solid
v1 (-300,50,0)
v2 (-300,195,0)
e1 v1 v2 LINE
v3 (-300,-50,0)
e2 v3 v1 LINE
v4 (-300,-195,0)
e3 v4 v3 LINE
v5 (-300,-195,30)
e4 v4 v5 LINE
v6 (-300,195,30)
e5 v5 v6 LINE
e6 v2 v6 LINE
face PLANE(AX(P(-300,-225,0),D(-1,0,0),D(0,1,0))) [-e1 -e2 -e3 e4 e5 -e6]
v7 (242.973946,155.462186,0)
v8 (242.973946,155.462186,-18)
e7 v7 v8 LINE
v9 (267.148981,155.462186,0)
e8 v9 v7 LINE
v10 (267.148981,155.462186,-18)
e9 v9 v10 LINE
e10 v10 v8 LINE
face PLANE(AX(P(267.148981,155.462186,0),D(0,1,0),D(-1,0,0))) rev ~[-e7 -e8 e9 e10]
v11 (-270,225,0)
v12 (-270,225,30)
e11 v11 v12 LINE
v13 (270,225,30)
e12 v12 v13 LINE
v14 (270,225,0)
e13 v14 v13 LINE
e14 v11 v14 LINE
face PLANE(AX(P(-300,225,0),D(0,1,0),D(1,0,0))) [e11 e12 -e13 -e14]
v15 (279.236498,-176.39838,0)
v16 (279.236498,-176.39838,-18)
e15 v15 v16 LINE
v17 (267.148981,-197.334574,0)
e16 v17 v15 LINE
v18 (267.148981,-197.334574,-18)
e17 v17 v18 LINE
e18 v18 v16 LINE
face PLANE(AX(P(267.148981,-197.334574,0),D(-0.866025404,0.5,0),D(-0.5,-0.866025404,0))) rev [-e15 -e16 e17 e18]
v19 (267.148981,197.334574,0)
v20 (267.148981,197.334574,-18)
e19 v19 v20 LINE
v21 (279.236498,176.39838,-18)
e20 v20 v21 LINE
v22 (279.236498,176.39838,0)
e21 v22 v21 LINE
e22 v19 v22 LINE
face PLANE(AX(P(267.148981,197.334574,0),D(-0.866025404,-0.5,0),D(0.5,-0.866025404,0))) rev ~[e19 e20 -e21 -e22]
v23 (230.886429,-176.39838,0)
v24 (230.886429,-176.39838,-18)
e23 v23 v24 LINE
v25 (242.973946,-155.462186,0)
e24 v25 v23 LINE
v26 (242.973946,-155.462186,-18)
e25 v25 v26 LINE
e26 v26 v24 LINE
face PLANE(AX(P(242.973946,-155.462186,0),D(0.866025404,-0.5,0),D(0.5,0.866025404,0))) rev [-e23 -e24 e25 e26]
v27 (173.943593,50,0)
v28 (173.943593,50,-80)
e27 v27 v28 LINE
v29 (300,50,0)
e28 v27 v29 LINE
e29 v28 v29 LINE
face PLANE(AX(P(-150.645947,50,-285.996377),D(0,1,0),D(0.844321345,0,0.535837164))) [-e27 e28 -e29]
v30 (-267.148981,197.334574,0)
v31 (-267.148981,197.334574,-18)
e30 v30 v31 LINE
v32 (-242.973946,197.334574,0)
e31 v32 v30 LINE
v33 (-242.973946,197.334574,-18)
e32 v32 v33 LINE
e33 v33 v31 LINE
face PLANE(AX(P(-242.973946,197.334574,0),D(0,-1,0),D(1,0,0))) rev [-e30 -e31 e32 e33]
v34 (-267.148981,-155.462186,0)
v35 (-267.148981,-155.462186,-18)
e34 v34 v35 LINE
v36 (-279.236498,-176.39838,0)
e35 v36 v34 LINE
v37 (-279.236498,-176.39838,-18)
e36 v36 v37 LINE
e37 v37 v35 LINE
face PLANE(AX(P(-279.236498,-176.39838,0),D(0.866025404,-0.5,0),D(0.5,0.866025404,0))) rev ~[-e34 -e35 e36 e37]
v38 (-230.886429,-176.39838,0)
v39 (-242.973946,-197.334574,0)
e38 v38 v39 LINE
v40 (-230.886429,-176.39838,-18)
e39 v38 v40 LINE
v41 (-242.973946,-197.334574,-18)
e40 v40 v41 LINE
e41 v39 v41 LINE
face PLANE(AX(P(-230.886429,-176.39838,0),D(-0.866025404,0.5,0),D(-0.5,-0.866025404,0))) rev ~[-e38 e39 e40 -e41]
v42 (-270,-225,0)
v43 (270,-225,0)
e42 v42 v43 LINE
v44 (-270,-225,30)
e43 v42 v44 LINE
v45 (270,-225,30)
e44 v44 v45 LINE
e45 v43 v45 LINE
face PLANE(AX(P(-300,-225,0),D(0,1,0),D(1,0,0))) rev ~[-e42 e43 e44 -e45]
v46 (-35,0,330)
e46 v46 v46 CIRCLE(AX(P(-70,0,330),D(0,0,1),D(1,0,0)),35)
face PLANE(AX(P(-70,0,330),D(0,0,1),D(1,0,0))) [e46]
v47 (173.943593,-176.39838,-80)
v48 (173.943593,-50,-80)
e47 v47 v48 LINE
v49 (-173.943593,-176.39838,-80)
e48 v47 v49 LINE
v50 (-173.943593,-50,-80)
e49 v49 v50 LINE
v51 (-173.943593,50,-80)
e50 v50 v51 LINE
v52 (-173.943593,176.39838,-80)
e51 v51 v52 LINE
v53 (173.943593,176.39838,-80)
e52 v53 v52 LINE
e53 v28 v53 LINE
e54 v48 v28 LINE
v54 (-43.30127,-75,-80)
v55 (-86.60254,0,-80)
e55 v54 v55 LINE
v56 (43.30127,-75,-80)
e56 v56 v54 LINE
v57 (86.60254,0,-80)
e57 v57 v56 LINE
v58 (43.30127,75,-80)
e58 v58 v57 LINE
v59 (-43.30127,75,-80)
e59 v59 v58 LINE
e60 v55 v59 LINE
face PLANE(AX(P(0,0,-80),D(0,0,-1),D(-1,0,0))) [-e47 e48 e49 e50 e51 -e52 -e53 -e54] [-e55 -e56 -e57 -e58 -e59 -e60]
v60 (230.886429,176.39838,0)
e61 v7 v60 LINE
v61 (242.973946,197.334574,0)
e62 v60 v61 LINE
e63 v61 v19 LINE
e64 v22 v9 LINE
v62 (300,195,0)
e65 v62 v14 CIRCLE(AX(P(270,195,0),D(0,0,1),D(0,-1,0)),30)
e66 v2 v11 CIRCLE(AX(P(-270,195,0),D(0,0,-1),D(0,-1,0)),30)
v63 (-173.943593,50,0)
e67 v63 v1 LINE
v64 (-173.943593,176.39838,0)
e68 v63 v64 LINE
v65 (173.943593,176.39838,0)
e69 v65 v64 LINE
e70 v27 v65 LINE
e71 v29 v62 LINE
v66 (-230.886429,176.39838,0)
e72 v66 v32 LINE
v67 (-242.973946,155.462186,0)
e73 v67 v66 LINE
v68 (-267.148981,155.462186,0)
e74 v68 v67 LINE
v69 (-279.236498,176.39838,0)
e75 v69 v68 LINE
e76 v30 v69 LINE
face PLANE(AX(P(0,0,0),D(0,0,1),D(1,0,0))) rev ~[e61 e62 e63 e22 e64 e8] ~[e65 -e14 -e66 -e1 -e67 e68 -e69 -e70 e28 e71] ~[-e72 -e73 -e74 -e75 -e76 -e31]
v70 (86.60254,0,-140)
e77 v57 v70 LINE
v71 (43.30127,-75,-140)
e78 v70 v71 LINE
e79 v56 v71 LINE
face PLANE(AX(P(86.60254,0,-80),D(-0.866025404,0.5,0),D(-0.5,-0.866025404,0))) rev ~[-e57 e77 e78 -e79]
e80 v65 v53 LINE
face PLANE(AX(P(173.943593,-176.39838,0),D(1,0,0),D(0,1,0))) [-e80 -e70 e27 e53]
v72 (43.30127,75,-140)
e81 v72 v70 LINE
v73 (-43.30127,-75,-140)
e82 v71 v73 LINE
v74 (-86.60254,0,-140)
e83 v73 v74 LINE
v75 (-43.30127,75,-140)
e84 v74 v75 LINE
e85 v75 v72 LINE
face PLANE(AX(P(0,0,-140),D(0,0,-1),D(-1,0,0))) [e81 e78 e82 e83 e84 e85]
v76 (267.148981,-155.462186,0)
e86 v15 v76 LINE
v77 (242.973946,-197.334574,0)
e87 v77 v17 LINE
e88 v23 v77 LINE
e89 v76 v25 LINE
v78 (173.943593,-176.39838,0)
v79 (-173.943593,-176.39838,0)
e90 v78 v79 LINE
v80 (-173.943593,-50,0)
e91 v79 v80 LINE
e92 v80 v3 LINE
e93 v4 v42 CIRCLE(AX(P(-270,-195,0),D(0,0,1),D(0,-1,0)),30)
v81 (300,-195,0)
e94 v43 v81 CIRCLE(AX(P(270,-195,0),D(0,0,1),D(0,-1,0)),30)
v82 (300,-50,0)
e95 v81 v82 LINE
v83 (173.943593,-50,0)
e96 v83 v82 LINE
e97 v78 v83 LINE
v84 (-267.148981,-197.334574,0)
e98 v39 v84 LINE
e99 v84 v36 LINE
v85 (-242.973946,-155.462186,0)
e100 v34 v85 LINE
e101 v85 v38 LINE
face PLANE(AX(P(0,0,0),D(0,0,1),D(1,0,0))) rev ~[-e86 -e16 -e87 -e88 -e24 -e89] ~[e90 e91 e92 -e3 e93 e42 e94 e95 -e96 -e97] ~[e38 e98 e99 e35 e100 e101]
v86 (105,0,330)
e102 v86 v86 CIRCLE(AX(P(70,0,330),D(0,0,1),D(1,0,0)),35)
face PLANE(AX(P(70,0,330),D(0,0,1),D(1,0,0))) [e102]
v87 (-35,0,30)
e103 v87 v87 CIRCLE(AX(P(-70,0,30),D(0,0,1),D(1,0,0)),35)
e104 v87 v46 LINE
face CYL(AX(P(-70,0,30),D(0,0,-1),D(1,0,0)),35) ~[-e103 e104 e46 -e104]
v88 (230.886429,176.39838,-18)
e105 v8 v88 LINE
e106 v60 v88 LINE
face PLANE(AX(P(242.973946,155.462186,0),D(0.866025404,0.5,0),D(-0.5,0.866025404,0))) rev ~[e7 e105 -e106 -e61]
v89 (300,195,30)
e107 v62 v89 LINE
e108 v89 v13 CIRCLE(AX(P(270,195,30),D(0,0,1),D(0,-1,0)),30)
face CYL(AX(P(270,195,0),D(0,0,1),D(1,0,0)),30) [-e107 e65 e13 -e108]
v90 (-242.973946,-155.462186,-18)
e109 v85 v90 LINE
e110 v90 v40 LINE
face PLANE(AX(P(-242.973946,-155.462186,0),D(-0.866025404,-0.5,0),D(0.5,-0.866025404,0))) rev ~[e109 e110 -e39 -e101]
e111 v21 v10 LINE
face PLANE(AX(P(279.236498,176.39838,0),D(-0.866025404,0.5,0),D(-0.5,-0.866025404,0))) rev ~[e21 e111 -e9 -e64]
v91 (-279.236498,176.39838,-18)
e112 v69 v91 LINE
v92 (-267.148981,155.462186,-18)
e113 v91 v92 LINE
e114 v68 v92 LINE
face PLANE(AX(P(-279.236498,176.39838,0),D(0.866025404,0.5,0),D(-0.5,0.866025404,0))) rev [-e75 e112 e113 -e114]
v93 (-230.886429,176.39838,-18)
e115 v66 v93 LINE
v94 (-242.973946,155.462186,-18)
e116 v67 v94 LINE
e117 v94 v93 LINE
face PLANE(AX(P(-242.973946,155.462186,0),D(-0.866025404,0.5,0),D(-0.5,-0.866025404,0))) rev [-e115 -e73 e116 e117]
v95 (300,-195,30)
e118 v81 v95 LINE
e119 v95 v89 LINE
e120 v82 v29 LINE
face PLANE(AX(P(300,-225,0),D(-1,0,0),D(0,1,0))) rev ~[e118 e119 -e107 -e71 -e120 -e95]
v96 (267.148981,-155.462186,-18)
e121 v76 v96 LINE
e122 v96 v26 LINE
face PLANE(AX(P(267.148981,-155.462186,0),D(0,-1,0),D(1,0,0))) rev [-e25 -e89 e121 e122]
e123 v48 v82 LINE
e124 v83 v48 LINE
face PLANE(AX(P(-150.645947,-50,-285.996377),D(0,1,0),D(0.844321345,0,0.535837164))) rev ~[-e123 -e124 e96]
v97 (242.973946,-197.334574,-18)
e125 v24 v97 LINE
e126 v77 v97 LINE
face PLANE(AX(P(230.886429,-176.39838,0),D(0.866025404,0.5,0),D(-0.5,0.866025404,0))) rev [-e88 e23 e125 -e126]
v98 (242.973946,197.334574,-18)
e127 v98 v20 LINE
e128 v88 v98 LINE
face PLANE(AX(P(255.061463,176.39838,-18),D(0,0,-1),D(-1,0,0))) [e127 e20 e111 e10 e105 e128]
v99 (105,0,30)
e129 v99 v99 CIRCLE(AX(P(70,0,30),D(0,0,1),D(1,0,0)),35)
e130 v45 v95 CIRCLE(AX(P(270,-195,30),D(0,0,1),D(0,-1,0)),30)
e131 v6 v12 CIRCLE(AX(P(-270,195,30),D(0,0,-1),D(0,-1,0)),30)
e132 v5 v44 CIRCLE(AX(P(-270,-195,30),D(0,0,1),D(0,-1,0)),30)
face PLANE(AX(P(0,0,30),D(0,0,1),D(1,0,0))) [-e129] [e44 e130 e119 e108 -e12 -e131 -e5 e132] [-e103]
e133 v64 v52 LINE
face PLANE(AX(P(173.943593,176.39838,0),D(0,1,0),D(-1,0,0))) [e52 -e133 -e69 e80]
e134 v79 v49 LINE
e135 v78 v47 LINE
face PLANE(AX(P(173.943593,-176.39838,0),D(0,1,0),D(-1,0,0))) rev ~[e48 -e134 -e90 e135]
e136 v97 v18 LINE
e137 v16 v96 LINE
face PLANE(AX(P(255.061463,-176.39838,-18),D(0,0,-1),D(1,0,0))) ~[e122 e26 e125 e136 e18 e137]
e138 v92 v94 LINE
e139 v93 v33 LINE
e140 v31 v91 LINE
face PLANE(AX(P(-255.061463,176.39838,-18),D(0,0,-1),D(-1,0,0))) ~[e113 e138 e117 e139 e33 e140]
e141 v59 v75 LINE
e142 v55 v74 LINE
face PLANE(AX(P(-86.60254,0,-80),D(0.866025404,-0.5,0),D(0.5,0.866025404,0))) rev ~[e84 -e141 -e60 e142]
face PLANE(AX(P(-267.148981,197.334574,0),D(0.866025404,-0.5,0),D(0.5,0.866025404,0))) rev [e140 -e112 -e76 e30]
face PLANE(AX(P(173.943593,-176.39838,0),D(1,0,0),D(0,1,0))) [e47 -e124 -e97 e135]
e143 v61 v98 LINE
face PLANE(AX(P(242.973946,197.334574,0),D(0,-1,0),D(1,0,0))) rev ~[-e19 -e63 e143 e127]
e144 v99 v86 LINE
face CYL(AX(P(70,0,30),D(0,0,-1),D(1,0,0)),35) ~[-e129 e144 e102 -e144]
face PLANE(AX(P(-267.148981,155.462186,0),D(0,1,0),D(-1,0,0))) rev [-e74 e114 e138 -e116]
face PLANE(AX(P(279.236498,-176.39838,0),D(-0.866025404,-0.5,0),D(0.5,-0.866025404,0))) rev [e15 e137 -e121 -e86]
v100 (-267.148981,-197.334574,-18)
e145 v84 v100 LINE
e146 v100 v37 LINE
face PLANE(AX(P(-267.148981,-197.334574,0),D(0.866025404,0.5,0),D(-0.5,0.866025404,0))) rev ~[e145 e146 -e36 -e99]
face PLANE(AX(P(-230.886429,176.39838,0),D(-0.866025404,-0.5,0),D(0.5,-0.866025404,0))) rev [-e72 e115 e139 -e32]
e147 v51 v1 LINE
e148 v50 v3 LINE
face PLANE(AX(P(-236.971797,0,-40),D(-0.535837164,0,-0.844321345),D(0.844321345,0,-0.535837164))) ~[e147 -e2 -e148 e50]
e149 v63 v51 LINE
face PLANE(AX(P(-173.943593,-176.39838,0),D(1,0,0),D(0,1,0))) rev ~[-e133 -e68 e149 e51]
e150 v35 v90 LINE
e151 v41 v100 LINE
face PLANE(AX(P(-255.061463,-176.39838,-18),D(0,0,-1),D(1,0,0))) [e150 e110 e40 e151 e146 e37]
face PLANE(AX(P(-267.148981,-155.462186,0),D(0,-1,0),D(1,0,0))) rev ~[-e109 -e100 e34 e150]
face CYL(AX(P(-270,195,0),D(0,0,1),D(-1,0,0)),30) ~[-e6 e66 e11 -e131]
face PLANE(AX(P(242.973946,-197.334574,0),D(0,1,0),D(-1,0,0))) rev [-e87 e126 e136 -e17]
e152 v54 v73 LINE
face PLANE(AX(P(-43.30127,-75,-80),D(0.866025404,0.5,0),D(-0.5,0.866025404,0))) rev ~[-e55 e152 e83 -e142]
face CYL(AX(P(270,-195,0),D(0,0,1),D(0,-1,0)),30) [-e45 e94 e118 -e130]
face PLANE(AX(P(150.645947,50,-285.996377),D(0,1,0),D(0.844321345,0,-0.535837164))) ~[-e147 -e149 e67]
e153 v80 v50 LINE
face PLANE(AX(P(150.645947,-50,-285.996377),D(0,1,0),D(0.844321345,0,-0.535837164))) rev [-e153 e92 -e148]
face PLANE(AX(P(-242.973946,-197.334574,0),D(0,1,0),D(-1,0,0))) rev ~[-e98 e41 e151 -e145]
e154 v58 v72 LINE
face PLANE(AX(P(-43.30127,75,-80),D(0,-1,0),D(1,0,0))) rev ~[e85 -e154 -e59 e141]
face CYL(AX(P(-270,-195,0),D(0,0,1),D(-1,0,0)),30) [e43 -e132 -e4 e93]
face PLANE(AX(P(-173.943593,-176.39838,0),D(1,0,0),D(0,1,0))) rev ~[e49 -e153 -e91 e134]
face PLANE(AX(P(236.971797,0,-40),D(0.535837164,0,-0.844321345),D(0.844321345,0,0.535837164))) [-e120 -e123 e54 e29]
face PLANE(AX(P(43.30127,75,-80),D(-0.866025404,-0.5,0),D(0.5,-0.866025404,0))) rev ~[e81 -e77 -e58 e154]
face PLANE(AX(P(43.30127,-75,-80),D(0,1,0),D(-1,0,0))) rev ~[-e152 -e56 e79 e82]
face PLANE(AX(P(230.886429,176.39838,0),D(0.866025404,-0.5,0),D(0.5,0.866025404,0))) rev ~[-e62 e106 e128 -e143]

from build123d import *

# Parameters (mm, degrees)
SKETCH1_W            = 600
SKETCH1_H            = 450
BOSS_EXTRUDE1_DEPTH  = 30
FILLET1_R            = 30
SKETCH2_W            = 347.887186226
SKETCH2_H            = 352.796759622
BOSS_EXTRUDE2_DEPTH  = 80
RIB2_REACH           = 385.438
SKETCH3_WALL_W       = 918.175870934
SKETCH3_WALL_H       = 100
SKETCH4_R            = 35
BOSS_EXTRUDE3_DEPTH  = 300
BOSS_EXTRUDE4_DEPTH  = 60
BOSS_EXTRUDE5_DEPTH  = 18
MIRROR3_COPY_1_DEPTH = 18


with BuildPart() as part:
    # Sketch1 → Boss-Extrude1 (new body)
    with BuildSketch(Plane.XY):
        Rectangle(SKETCH1_W, SKETCH1_H)
    extrude(amount=BOSS_EXTRUDE1_DEPTH)

    # Fillet1
    fillet1_edges = [part.edges().sort_by_distance(p)[0] for p in [
        (300, -225, 15),
        (-300, -225, 15),
        (-300, 225, 15),
        (300, 225, 15),
    ]]
    fillet(fillet1_edges, radius=FILLET1_R)

    # Sketch2 → Boss-Extrude2 (add)
    with BuildSketch(Plane(origin=(0, 0, 0), x_dir=(-1, 0, 0), z_dir=(0, 0, -1))):
        Rectangle(SKETCH2_W, SKETCH2_H)
    extrude(amount=BOSS_EXTRUDE2_DEPTH)

    # Sketch3 wall → Rib2 (add, up to next)
    with BuildSketch(Plane(origin=(236.971796557, 0, -40), x_dir=(0.844321344916, 0, 0.535837164182), z_dir=(0.535837164182, 0, -0.844321344916)), mode=Mode.PRIVATE) as rib2_sk1:
        Rectangle(SKETCH3_WALL_W, SKETCH3_WALL_H)
    rib2_tool1 = extrude(rib2_sk1.sketch, amount=-RIB2_REACH, mode=Mode.PRIVATE) - part.part
    rib2 = rib2_tool1.solids().sort_by_distance((236.971796557, 0, -40))[0]
    add(rib2)

    # Mirror1: Rib2 across plane
    add(rib2.mirror(Plane(origin=(0, 0, 0), x_dir=(0, 0, 1), z_dir=(1, 0, 0))))

    # Sketch4 → Boss-Extrude3 (add)
    with BuildSketch(Plane.XY.offset(30)):
        with Locations((-70, 0)):
            Circle(SKETCH4_R)
        with Locations((70, 0)):
            Circle(SKETCH4_R)
    extrude(amount=BOSS_EXTRUDE3_DEPTH)

    # Sketch5 → Boss-Extrude4 (add)
    with BuildSketch(Plane(origin=(0, 0, -80), x_dir=(-1, 0, 0), z_dir=(0, 0, -1))):
        Polygon((86.602540378, 0), (43.301270189, 75), (-43.301270189, 75), (-86.602540378, 0), (-43.301270189, -75), (43.301270189, -75), align=None)
    extrude(amount=BOSS_EXTRUDE4_DEPTH)

    # Sketch6 → Boss-Extrude5 (add)
    with BuildSketch(Plane(origin=(0, 0, 0), x_dir=(-1, 0, 0), z_dir=(0, 0, -1))):
        Polygon((-230.886428661, 176.398379811), (-242.973945963, 197.334573917), (-267.148980569, 197.334573917), (-279.236497871, 176.398379811), (-267.148980569, 155.462185706), (-242.973945963, 155.462185706), align=None)
    boss_extrude5 = extrude(amount=BOSS_EXTRUDE5_DEPTH)

    # Mirror2: Boss-Extrude5 across plane
    add(boss_extrude5.mirror(Plane(origin=(0, 0, 0), x_dir=(0, 0, 1), z_dir=(1, 0, 0))))

    # Mirror3: Boss-Extrude5 across plane
    add(boss_extrude5.mirror(Plane.ZX))

    # Mirror3 copy 1 sketch → Mirror3 copy 1 (add)
    with BuildSketch(Plane(origin=(0, 0, 0), x_dir=(1, 0, 0), z_dir=(0, 0, -1))):
        Polygon((-230.886428661, 176.398379811), (-242.973945963, 197.334573917), (-267.148980569, 197.334573917), (-279.236497871, 176.398379811), (-267.148980569, 155.462185706), (-242.973945963, 155.462185706), align=None)
    extrude(amount=MIRROR3_COPY_1_DEPTH)


solid = part.part
